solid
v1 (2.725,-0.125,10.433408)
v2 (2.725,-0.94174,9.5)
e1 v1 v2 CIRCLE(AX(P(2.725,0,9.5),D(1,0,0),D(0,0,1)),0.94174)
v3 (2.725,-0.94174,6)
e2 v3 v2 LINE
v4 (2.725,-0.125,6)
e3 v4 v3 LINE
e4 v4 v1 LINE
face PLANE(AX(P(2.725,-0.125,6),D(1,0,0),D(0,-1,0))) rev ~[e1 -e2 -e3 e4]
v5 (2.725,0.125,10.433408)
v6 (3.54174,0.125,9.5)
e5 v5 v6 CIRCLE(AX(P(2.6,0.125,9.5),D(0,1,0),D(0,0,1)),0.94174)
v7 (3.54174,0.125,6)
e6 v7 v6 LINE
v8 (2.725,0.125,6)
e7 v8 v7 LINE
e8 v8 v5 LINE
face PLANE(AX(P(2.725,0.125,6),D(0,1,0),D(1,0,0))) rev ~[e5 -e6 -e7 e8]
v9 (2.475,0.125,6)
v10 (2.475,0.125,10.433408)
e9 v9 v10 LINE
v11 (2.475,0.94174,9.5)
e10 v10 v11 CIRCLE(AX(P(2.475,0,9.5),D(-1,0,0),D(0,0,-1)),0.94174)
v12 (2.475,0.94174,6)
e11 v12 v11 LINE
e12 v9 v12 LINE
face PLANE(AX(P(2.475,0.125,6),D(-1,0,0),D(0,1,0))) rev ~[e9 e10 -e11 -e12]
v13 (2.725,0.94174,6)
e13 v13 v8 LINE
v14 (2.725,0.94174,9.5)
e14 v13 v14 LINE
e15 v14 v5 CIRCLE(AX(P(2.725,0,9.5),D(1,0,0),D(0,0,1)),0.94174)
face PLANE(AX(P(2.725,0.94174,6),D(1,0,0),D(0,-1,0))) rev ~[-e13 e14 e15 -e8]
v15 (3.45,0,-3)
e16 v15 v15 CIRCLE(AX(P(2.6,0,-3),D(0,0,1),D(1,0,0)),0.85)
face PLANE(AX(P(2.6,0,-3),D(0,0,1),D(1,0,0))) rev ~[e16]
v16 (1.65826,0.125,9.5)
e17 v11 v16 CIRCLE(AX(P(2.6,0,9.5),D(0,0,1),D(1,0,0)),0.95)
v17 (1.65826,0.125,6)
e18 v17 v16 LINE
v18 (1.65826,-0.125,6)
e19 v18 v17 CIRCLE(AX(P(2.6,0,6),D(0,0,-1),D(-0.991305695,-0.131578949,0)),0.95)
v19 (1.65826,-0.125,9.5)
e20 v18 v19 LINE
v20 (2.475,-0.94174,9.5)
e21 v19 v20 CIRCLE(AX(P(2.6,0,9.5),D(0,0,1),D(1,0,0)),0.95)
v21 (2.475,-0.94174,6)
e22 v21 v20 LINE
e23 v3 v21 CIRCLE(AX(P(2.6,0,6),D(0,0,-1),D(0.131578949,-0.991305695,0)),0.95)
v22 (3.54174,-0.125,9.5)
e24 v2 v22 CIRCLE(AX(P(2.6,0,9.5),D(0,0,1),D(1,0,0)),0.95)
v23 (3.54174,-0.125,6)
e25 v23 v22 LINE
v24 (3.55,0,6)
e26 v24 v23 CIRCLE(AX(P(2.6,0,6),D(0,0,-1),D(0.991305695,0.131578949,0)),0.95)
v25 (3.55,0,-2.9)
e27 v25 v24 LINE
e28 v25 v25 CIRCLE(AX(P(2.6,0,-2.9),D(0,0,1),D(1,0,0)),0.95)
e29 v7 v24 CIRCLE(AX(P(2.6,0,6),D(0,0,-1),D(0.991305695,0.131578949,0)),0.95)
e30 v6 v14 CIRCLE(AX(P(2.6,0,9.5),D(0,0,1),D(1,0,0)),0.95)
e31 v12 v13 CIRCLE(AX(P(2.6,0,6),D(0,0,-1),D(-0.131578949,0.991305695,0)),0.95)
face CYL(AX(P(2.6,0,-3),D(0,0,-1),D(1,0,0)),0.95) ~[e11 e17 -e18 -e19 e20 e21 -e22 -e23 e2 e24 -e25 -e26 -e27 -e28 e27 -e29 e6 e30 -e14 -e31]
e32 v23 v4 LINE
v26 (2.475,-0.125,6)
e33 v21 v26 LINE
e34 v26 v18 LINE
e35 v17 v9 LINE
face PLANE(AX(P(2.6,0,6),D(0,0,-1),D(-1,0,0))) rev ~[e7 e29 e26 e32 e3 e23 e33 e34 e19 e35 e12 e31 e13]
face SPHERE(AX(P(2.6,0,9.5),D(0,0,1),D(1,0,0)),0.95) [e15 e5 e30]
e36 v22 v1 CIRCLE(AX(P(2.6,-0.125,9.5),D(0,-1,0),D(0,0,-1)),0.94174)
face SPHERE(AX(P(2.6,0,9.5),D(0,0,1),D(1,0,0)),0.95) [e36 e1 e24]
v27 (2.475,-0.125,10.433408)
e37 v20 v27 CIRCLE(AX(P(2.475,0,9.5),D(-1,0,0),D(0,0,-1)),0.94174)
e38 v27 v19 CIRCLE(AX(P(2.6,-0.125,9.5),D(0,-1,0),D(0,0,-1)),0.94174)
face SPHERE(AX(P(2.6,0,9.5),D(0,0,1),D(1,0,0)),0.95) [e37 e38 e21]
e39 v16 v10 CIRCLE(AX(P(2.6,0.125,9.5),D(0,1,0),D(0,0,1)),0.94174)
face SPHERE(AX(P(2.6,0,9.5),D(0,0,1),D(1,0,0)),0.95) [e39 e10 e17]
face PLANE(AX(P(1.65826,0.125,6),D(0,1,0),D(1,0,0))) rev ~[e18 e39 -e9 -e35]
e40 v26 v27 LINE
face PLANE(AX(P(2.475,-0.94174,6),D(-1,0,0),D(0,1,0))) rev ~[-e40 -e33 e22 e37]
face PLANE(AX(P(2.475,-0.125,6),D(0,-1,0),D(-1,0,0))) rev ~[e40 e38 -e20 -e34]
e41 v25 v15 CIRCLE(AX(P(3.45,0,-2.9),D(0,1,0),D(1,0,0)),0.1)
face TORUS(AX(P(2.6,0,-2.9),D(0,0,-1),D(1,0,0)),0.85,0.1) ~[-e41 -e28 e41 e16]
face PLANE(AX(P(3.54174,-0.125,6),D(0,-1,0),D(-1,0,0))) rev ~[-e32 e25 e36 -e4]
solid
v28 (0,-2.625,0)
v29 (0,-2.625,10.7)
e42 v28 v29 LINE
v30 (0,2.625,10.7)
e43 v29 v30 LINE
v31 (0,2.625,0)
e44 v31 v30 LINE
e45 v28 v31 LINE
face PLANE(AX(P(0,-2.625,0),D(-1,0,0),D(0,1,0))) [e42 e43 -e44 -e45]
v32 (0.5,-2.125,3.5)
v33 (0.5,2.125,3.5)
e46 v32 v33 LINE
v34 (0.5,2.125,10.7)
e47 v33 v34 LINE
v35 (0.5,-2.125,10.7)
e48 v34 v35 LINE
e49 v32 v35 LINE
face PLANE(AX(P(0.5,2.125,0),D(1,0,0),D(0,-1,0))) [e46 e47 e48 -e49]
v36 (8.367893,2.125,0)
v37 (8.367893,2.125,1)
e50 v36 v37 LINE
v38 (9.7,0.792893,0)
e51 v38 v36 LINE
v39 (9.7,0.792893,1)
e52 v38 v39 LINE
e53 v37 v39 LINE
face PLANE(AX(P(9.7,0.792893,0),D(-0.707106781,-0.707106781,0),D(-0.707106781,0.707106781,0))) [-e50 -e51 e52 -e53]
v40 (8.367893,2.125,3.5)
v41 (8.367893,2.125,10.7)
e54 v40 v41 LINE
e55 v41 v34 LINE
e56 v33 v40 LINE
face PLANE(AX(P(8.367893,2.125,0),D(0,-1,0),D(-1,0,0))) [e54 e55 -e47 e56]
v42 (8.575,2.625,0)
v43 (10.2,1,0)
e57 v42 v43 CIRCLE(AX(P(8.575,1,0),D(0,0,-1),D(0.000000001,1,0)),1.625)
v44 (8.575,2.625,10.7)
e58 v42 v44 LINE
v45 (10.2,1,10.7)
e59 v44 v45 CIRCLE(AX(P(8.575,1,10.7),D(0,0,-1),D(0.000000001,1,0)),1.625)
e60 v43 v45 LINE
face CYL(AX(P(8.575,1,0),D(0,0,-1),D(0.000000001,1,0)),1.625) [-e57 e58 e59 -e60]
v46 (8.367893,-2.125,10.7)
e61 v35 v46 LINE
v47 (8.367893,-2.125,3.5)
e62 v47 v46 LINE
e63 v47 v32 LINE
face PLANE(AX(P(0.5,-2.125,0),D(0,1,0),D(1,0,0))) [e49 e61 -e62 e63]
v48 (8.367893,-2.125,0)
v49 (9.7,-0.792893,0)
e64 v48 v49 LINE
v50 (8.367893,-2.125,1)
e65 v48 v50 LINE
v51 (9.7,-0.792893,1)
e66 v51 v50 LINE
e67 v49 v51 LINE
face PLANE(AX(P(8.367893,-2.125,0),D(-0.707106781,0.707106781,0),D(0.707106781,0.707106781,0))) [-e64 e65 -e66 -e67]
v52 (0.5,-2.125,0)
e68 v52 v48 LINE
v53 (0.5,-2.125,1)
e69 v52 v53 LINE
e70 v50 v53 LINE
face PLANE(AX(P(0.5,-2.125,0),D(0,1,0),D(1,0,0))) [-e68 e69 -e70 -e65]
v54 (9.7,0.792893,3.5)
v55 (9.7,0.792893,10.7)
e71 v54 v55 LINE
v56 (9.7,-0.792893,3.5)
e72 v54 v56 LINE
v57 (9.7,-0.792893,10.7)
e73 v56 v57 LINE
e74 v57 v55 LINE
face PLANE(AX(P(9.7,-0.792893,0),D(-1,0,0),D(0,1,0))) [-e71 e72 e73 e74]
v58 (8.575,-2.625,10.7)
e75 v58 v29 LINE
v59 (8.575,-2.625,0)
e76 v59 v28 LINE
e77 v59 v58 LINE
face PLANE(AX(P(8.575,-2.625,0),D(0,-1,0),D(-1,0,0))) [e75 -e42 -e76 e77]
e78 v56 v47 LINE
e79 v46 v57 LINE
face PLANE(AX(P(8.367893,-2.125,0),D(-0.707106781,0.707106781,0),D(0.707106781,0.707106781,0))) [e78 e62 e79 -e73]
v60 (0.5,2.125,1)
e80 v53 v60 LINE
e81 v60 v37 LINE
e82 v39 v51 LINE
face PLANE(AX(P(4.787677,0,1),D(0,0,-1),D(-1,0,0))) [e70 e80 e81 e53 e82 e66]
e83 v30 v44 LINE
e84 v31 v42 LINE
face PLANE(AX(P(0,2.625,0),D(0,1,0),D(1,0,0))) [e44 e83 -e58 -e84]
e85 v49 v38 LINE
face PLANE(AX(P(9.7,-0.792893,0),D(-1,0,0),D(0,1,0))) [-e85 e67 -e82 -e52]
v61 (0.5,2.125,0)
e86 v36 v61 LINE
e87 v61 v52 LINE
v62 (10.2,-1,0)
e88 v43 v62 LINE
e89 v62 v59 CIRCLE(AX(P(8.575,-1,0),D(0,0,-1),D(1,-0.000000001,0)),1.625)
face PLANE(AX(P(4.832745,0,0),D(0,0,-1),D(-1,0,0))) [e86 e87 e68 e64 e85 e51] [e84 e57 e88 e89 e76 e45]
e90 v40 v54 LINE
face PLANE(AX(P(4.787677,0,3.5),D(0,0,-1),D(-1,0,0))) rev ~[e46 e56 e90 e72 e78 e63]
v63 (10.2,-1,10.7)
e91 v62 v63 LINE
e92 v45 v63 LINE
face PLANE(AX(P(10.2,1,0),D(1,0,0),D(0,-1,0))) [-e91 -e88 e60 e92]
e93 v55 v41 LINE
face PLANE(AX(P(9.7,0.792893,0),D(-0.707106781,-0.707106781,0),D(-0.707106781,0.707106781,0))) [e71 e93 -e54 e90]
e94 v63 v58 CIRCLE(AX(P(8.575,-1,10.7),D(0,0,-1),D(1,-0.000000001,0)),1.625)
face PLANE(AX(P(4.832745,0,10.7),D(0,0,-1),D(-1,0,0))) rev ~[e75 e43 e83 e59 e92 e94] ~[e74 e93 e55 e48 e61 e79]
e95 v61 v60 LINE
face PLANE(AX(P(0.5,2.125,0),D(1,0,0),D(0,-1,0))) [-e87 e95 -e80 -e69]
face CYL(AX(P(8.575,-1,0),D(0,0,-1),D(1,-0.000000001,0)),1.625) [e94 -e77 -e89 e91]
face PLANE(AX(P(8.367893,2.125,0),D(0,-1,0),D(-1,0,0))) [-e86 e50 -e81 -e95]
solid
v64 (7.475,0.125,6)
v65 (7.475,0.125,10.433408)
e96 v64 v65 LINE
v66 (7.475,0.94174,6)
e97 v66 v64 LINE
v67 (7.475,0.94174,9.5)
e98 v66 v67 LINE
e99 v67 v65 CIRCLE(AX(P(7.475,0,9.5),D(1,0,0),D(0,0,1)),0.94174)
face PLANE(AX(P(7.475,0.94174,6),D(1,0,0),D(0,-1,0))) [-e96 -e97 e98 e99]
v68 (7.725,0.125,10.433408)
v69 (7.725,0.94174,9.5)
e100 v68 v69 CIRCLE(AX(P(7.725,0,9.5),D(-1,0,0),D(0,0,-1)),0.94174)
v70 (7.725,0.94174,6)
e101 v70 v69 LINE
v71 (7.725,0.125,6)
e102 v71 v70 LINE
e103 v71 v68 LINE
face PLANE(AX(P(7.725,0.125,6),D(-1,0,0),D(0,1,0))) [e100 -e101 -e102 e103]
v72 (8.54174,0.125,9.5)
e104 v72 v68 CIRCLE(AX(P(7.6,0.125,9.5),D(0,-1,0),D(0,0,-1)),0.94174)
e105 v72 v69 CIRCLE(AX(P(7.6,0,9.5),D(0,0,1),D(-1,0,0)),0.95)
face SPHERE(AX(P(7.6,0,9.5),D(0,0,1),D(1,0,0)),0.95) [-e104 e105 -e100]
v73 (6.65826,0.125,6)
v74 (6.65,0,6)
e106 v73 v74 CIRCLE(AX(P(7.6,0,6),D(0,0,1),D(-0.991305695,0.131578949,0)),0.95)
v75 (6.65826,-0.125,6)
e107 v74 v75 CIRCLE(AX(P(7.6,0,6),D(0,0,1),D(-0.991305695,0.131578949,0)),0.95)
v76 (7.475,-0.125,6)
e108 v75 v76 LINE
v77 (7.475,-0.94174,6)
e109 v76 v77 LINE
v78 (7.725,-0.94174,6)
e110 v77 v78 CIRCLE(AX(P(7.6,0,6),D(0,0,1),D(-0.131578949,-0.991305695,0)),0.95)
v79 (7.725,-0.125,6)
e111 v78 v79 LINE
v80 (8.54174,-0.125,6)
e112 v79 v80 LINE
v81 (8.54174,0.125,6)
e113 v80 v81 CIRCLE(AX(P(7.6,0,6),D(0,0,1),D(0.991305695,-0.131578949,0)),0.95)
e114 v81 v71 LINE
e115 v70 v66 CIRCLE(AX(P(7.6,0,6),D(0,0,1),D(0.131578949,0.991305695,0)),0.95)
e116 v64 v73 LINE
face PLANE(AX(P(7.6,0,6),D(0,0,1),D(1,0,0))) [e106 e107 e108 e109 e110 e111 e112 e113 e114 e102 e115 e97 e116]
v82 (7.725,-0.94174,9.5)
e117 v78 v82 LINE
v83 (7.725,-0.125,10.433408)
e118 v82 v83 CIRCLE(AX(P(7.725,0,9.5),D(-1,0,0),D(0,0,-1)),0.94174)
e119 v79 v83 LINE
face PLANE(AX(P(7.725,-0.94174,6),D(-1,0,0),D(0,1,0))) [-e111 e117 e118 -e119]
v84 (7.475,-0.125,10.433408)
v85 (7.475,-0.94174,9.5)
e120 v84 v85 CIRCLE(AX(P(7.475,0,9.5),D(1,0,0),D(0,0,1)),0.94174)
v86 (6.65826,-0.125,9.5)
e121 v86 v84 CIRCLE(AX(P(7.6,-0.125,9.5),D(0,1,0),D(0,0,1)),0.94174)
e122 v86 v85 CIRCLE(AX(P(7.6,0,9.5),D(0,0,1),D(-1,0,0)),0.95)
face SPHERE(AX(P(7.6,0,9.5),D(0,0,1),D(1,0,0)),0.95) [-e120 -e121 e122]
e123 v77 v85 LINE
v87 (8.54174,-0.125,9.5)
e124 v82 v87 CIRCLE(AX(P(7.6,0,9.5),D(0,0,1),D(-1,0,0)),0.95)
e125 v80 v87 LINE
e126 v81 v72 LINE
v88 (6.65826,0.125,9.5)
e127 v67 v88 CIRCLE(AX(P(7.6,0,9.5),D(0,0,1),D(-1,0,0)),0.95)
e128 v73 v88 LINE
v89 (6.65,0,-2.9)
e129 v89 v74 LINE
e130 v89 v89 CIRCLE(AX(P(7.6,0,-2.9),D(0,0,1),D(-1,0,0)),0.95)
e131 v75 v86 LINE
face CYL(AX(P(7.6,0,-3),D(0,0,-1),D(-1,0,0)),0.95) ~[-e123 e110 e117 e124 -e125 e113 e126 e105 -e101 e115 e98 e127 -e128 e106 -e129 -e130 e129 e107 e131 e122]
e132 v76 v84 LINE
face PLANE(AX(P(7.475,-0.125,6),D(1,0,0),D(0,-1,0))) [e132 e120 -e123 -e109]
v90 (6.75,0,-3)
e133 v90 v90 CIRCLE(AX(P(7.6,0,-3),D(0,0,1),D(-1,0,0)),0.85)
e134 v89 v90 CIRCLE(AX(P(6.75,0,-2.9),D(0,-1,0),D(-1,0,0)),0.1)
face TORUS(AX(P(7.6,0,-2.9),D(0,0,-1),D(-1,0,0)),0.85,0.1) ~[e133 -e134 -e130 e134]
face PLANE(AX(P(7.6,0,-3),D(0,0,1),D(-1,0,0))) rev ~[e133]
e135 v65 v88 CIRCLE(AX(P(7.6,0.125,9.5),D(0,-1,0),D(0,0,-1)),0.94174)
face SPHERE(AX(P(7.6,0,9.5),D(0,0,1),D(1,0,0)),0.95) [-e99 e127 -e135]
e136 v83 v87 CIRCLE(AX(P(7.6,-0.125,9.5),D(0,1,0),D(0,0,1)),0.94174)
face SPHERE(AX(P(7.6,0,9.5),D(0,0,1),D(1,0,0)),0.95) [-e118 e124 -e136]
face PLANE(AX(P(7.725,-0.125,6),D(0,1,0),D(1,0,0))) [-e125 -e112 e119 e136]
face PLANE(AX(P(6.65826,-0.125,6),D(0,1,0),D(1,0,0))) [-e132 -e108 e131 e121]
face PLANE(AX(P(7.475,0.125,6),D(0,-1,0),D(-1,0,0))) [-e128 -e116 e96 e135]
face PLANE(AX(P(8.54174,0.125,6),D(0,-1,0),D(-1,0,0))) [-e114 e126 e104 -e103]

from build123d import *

# Parameters (mm, degrees)
BOSS_EXTRUDE1_DEPTH        = 10.7
BOSS_EXTRUDE5_DEPTH        = 9.5
BOSS_EXTRUDE5_DEPTH_BACK   = 3
SKETCH1_4_R                = 0.95
BOSS_EXTRUDE5_2_DEPTH      = 9.5
BOSS_EXTRUDE5_2_DEPTH_BACK = 3
BOSS_EXTRUDE3_DEPTH        = 2.5
DOME1_FACE_RADIUS          = 0.95
DOME1_HEIGHT               = 0.95
DOME2_FACE_RADIUS          = 0.95
DOME2_HEIGHT               = 0.95
CUT_EXTRUDE1_DEPTH         = 14.85390288
FILLET2_R                  = 0.1
FILLET3_R                  = 0.1


with BuildPart() as part:
    # Sketch1 → Boss-Extrude1 (new body)
    with BuildSketch(Plane.XY):
        with BuildLine():
            Line((0, -2.625), (0, 2.625))
            Line((0, 2.625), (8.575, 2.625))
            ThreePointArc((8.575, 2.625), (9.724048519, 2.149048519), (10.2, 1))
            Line((10.2, 1), (10.2, -1))
            ThreePointArc((10.2, -1), (9.724048519, -2.149048519), (8.575, -2.625))
            Line((8.575, -2.625), (0, -2.625))
        make_face()
        Polygon((0.5, -2.125), (8.367893219, -2.125), (9.7, -0.792893219), (9.7, 0.792893219), (8.367893219, 2.125), (0.5, 2.125), align=None, mode=Mode.SUBTRACT)
    extrude(amount=BOSS_EXTRUDE1_DEPTH)

    # Sketch3 → Boss-Extrude3 (add)
    with BuildSketch(Plane(origin=(0, 0, 1), x_dir=(-1, 0, 0), z_dir=(0, 0, -1))):
        Polygon((-0.5, -2.125), (-0.5, 2.125), (-8.367893219, 2.125), (-9.7, 0.792893219), (-9.7, -0.792893219), (-8.367893219, -2.125), align=None)
    extrude(amount=-BOSS_EXTRUDE3_DEPTH)


with BuildPart() as body_2:
    # Sketch1<4> → Boss-Extrude5 (new, two sides: drawn at the far end of the back side and taken through both)
    with BuildSketch(Plane.XY.offset(-BOSS_EXTRUDE5_DEPTH_BACK)):
        with Locations((2.6, 0)):
            Circle(SKETCH1_4_R)
    extrude(amount=BOSS_EXTRUDE5_DEPTH + BOSS_EXTRUDE5_DEPTH_BACK)

    # Dome2: a dome of height H over a round flat face of radius A is a cap of a sphere of radius (A * A + H * H) / (2 * H)
    dome2_r = (DOME2_FACE_RADIUS * DOME2_FACE_RADIUS + DOME2_HEIGHT * DOME2_HEIGHT) / (2 * DOME2_HEIGHT)
    dome2_base = Plane((2.6, 0, 9.5), z_dir=(0, 0, 1))
    with Locations(dome2_base.offset(DOME2_HEIGHT - dome2_r)):
        dome2_ball = Sphere(dome2_r, mode=Mode.PRIVATE)
    add(split(dome2_ball, bisect_by=dome2_base, keep=Keep.TOP, mode=Mode.PRIVATE))


with BuildPart() as body_3:
    # Sketch1<4> → Boss-Extrude5 2 (new, two sides: drawn at the far end of the back side and taken through both)
    with BuildSketch(Plane.XY.offset(-BOSS_EXTRUDE5_2_DEPTH_BACK)):
        with Locations(Location((7.6, 0, 0), (0, 0, 180))):
            Circle(SKETCH1_4_R)
    extrude(amount=BOSS_EXTRUDE5_2_DEPTH + BOSS_EXTRUDE5_2_DEPTH_BACK)

    # Dome1: a dome of height H over a round flat face of radius A is a cap of a sphere of radius (A * A + H * H) / (2 * H)
    dome1_r = (DOME1_FACE_RADIUS * DOME1_FACE_RADIUS + DOME1_HEIGHT * DOME1_HEIGHT) / (2 * DOME1_HEIGHT)
    dome1_base = Plane((7.6, 0, 9.5), z_dir=(0, 0, 1))
    with Locations(dome1_base.offset(DOME1_HEIGHT - dome1_r)):
        dome1_ball = Sphere(dome1_r, mode=Mode.PRIVATE)
    add(split(dome1_ball, bisect_by=dome1_base, keep=Keep.TOP, mode=Mode.PRIVATE))


with BuildPart() as cut_extrude1_tool:
    # Sketch4 → Cut-Extrude1 (new, through all)
    with BuildSketch(Plane.XY.offset(6)):
        with BuildLine():
            Line((7.475, 0.94174041), (7.475, 0.125))
            Line((7.475, 0.125), (6.65825959, 0.125))
            ThreePointArc((6.65825959, 0.125), (6.65, 0), (6.65825959, -0.125))
            Line((6.65825959, -0.125), (7.475, -0.125))
            Line((7.475, -0.125), (7.475, -0.94174041))
            ThreePointArc((7.475, -0.94174041), (7.6, -0.95), (7.725, -0.94174041))
            Line((7.725, -0.94174041), (7.725, -0.125))
            Line((7.725, -0.125), (8.54174041, -0.125))
            ThreePointArc((8.54174041, -0.125), (8.55, 0), (8.54174041, 0.125))
            Line((8.54174041, 0.125), (7.725, 0.125))
            Line((7.725, 0.125), (7.725, 0.94174041))
            ThreePointArc((7.725, 0.94174041), (7.6, 0.95), (7.475, 0.94174041))
        make_face()
        with BuildLine():
            Line((3.54174041, -0.125), (2.725, -0.125))
            Line((2.725, -0.125), (2.725, -0.94174041))
            ThreePointArc((2.725, -0.94174041), (2.6, -0.95), (2.475, -0.94174041))
            Line((2.475, -0.94174041), (2.475, -0.125))
            Line((2.475, -0.125), (1.65825959, -0.125))
            ThreePointArc((1.65825959, -0.125), (1.65, 0), (1.65825959, 0.125))
            Line((1.65825959, 0.125), (2.475, 0.125))
            Line((2.475, 0.125), (2.475, 0.94174041))
            ThreePointArc((2.475, 0.94174041), (2.6, 0.95), (2.725, 0.94174041))
            Line((2.725, 0.94174041), (2.725, 0.125))
            Line((2.725, 0.125), (3.54174041, 0.125))
            ThreePointArc((3.54174041, 0.125), (3.55, 0), (3.54174041, -0.125))
        make_face()
    extrude(amount=CUT_EXTRUDE1_DEPTH)


with BuildPart() as body_2_1:
    add(body_2.part)

    # Cut-Extrude1: cut by cut_extrude1_tool
    add(cut_extrude1_tool.part, mode=Mode.SUBTRACT)

    # Fillet3
    fillet3_edges = [body_2_1.edges().sort_by_distance(p)[0] for p in [
        (1.65, 0, -3),
    ]]
    fillet(fillet3_edges, radius=FILLET3_R)


with BuildPart() as body_3_1:
    add(body_3.part)

    # Cut-Extrude1: cut by cut_extrude1_tool
    add(cut_extrude1_tool.part, mode=Mode.SUBTRACT)

    # Fillet2
    fillet2_edges = [body_3_1.edges().sort_by_distance(p)[0] for p in [
        (8.55, 0, -3),
    ]]
    fillet(fillet2_edges, radius=FILLET2_R)


solid = Compound([part.part, body_2_1.part, body_3_1.part])
